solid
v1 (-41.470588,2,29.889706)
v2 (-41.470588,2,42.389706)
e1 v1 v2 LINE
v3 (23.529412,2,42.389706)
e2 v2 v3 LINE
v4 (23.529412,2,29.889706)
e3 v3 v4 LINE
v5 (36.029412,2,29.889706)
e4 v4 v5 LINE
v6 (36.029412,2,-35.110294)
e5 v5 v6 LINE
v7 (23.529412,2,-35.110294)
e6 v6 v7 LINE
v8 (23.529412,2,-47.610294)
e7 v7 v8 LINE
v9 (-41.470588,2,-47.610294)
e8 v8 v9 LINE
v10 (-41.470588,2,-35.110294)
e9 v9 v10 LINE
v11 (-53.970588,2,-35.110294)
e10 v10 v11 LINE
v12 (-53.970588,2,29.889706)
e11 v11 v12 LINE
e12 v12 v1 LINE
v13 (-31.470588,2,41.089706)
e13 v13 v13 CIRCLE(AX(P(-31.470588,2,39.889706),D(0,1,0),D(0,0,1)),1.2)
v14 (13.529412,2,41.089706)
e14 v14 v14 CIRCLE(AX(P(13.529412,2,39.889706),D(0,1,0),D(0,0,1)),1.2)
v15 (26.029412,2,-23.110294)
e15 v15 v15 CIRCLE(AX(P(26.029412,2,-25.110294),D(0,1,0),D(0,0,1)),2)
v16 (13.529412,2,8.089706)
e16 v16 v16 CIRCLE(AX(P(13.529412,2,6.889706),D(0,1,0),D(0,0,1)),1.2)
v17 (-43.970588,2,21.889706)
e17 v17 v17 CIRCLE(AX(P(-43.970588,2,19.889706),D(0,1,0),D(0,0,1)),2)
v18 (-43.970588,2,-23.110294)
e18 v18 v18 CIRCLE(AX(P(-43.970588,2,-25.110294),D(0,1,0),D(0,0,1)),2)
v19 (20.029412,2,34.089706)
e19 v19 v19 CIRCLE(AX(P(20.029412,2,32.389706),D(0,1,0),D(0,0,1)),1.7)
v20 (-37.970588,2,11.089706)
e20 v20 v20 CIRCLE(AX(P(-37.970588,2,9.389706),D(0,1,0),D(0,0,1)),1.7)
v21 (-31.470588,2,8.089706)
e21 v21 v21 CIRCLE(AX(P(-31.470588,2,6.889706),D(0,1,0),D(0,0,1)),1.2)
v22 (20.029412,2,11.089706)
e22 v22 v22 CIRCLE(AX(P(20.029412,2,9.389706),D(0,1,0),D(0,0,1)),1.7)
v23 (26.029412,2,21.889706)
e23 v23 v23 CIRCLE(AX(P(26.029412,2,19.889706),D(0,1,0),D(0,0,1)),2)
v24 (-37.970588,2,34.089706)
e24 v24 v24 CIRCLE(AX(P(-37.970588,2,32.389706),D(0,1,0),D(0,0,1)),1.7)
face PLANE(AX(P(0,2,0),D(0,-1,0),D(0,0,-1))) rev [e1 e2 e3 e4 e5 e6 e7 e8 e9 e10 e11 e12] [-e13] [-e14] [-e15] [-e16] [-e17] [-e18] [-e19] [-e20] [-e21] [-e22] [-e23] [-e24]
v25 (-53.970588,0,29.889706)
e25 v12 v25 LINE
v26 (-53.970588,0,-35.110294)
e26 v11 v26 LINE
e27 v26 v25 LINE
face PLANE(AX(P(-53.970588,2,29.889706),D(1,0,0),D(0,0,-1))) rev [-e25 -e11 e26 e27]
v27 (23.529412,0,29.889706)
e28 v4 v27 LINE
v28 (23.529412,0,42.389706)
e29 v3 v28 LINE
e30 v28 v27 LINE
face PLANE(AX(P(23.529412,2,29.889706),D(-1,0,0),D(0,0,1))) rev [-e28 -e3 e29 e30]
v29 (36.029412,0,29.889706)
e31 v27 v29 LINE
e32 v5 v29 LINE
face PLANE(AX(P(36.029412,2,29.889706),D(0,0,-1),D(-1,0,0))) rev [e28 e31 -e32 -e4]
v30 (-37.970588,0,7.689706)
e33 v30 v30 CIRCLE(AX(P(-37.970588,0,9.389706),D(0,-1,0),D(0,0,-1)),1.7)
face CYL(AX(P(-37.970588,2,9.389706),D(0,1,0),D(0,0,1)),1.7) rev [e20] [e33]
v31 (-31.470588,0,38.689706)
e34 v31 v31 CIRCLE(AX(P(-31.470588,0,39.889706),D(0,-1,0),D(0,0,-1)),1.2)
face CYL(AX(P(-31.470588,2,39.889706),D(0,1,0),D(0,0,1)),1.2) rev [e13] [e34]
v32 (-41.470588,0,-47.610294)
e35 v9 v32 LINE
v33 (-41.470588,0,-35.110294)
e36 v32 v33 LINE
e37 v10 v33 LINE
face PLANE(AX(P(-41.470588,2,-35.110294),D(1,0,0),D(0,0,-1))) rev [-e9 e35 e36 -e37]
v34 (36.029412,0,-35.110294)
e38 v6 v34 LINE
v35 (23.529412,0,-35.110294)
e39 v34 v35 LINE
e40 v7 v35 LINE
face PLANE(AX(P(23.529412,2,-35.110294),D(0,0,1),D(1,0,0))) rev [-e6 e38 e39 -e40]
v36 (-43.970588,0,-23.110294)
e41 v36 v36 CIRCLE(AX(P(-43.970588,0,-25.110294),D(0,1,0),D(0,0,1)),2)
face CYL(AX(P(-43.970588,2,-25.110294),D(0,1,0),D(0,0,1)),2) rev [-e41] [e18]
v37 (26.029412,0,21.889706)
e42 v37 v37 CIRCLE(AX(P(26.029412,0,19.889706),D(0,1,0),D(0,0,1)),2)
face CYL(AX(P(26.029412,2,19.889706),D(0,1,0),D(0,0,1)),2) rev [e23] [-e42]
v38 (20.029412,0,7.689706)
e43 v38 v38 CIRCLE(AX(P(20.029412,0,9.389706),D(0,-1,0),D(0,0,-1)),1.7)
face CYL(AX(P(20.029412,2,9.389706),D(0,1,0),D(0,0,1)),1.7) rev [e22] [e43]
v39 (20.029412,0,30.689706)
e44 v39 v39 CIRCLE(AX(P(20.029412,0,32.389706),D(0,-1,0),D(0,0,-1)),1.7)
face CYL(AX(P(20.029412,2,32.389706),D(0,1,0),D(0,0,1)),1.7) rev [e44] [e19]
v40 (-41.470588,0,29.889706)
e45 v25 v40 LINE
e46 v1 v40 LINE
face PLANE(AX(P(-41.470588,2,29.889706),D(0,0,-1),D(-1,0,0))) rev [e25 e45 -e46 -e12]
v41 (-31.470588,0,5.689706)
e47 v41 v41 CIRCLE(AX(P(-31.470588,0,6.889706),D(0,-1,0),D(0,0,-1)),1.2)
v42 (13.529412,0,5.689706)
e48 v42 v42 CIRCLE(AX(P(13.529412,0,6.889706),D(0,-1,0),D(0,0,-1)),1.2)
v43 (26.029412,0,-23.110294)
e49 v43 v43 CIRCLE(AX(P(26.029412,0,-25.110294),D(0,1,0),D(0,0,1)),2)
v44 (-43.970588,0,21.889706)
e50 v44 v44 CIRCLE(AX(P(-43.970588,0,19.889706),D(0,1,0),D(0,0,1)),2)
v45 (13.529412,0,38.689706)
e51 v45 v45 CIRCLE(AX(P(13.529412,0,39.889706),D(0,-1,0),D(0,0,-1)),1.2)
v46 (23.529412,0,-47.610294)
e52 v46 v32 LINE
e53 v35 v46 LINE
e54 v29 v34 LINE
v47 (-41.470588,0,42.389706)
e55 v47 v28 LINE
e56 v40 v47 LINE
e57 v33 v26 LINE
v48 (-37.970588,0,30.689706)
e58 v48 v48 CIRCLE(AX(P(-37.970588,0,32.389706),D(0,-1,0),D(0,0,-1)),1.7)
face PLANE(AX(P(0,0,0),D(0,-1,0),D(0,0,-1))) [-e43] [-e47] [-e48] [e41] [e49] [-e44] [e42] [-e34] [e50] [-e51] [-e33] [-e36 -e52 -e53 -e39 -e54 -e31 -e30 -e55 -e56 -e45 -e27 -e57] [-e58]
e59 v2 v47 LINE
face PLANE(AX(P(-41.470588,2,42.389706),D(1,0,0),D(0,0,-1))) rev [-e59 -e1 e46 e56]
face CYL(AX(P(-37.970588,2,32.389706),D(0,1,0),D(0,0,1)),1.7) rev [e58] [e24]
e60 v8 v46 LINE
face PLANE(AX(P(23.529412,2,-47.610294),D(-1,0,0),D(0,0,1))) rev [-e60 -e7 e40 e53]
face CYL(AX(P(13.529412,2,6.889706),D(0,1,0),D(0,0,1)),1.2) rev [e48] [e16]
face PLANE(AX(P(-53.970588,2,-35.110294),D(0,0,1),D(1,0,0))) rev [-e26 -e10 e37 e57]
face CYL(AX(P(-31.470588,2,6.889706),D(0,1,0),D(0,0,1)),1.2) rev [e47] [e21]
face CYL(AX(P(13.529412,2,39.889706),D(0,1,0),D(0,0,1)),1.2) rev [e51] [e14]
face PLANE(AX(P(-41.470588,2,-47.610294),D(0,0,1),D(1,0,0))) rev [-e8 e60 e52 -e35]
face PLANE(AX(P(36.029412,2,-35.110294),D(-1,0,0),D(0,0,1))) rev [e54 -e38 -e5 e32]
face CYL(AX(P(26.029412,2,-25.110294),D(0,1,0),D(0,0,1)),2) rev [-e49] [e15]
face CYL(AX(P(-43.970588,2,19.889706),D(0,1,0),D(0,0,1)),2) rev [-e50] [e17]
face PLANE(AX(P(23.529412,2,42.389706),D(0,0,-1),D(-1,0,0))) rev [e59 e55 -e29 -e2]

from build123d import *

# Parameters (mm, degrees)
BOSS_EXTRUDE1_DEPTH      = 2
F_4_0MM_DOWEL_HOLE1_D    = 4
M3_CLEARANCE_HOLE1_D     = 3.4
M3_CLEARANCE_HOLE1_DEPTH = 10
M3_CLEARANCE_HOLE1_TIP   = 1.021463052
M2_CLEARANCE_HOLE1_D     = 2.4
M2_CLEARANCE_HOLE1_DEPTH = 10
M2_CLEARANCE_HOLE1_TIP   = 0.721032743


with BuildPart() as part:
    # Sketch1 → Boss-Extrude1 (new body)
    with BuildSketch(Plane(origin=(0, 0, 0), x_dir=(1, 0, 0), z_dir=(0, 1, 0))):
        Polygon((-53.970588235, 35.110294118), (-41.470588235, 35.110294118), (-41.470588235, 47.610294118), (23.529411765, 47.610294118), (23.529411765, 35.110294118), (36.029411765, 35.110294118), (36.029411765, -29.889705882), (23.529411765, -29.889705882), (23.529411765, -42.389705882), (-41.470588235, -42.389705882), (-41.470588235, -29.889705882), (-53.970588235, -29.889705882), align=None)
    extrude(amount=BOSS_EXTRUDE1_DEPTH)

    # Ø4.0mm Dowel Hole1 (through all)
    with Locations(Plane(origin=(0, 2, 0), x_dir=(1, 0, 0), z_dir=(0, 1, 0))):
        with Locations((-43.970588235, 25.110294118), (26.029411765, 25.110294118), (-43.970588235, -19.889705882), (26.029411765, -19.889705882)):
            Hole(F_4_0MM_DOWEL_HOLE1_D / 2)

    # M3 Clearance Hole1
    with Locations(Plane(origin=(0, 2, 0), x_dir=(1, 0, 0), z_dir=(0, 1, 0))):
        with Locations((-37.970588235, -9.389705882), (-37.970588235, -32.389705882), (20.029411765, -32.389705882), (20.029411765, -9.389705882)):
            Hole(M3_CLEARANCE_HOLE1_D / 2, depth=M3_CLEARANCE_HOLE1_DEPTH)
            with Locations((0, 0, -(M3_CLEARANCE_HOLE1_DEPTH + M3_CLEARANCE_HOLE1_TIP / 2))):  # 118° drill point
                Cone(0, M3_CLEARANCE_HOLE1_D / 2, M3_CLEARANCE_HOLE1_TIP, mode=Mode.SUBTRACT)

    # M2 Clearance Hole1
    with Locations(Plane(origin=(0, 2, 0), x_dir=(1, 0, 0), z_dir=(0, 1, 0))):
        with Locations((-31.470588235, -39.889705882), (-31.470588235, -6.889705882), (13.529411765, -39.889705882), (13.529411765, -6.889705882)):
            Hole(M2_CLEARANCE_HOLE1_D / 2, depth=M2_CLEARANCE_HOLE1_DEPTH)
            with Locations((0, 0, -(M2_CLEARANCE_HOLE1_DEPTH + M2_CLEARANCE_HOLE1_TIP / 2))):  # 118° drill point
                Cone(0, M2_CLEARANCE_HOLE1_D / 2, M2_CLEARANCE_HOLE1_TIP, mode=Mode.SUBTRACT)


solid = part.part
